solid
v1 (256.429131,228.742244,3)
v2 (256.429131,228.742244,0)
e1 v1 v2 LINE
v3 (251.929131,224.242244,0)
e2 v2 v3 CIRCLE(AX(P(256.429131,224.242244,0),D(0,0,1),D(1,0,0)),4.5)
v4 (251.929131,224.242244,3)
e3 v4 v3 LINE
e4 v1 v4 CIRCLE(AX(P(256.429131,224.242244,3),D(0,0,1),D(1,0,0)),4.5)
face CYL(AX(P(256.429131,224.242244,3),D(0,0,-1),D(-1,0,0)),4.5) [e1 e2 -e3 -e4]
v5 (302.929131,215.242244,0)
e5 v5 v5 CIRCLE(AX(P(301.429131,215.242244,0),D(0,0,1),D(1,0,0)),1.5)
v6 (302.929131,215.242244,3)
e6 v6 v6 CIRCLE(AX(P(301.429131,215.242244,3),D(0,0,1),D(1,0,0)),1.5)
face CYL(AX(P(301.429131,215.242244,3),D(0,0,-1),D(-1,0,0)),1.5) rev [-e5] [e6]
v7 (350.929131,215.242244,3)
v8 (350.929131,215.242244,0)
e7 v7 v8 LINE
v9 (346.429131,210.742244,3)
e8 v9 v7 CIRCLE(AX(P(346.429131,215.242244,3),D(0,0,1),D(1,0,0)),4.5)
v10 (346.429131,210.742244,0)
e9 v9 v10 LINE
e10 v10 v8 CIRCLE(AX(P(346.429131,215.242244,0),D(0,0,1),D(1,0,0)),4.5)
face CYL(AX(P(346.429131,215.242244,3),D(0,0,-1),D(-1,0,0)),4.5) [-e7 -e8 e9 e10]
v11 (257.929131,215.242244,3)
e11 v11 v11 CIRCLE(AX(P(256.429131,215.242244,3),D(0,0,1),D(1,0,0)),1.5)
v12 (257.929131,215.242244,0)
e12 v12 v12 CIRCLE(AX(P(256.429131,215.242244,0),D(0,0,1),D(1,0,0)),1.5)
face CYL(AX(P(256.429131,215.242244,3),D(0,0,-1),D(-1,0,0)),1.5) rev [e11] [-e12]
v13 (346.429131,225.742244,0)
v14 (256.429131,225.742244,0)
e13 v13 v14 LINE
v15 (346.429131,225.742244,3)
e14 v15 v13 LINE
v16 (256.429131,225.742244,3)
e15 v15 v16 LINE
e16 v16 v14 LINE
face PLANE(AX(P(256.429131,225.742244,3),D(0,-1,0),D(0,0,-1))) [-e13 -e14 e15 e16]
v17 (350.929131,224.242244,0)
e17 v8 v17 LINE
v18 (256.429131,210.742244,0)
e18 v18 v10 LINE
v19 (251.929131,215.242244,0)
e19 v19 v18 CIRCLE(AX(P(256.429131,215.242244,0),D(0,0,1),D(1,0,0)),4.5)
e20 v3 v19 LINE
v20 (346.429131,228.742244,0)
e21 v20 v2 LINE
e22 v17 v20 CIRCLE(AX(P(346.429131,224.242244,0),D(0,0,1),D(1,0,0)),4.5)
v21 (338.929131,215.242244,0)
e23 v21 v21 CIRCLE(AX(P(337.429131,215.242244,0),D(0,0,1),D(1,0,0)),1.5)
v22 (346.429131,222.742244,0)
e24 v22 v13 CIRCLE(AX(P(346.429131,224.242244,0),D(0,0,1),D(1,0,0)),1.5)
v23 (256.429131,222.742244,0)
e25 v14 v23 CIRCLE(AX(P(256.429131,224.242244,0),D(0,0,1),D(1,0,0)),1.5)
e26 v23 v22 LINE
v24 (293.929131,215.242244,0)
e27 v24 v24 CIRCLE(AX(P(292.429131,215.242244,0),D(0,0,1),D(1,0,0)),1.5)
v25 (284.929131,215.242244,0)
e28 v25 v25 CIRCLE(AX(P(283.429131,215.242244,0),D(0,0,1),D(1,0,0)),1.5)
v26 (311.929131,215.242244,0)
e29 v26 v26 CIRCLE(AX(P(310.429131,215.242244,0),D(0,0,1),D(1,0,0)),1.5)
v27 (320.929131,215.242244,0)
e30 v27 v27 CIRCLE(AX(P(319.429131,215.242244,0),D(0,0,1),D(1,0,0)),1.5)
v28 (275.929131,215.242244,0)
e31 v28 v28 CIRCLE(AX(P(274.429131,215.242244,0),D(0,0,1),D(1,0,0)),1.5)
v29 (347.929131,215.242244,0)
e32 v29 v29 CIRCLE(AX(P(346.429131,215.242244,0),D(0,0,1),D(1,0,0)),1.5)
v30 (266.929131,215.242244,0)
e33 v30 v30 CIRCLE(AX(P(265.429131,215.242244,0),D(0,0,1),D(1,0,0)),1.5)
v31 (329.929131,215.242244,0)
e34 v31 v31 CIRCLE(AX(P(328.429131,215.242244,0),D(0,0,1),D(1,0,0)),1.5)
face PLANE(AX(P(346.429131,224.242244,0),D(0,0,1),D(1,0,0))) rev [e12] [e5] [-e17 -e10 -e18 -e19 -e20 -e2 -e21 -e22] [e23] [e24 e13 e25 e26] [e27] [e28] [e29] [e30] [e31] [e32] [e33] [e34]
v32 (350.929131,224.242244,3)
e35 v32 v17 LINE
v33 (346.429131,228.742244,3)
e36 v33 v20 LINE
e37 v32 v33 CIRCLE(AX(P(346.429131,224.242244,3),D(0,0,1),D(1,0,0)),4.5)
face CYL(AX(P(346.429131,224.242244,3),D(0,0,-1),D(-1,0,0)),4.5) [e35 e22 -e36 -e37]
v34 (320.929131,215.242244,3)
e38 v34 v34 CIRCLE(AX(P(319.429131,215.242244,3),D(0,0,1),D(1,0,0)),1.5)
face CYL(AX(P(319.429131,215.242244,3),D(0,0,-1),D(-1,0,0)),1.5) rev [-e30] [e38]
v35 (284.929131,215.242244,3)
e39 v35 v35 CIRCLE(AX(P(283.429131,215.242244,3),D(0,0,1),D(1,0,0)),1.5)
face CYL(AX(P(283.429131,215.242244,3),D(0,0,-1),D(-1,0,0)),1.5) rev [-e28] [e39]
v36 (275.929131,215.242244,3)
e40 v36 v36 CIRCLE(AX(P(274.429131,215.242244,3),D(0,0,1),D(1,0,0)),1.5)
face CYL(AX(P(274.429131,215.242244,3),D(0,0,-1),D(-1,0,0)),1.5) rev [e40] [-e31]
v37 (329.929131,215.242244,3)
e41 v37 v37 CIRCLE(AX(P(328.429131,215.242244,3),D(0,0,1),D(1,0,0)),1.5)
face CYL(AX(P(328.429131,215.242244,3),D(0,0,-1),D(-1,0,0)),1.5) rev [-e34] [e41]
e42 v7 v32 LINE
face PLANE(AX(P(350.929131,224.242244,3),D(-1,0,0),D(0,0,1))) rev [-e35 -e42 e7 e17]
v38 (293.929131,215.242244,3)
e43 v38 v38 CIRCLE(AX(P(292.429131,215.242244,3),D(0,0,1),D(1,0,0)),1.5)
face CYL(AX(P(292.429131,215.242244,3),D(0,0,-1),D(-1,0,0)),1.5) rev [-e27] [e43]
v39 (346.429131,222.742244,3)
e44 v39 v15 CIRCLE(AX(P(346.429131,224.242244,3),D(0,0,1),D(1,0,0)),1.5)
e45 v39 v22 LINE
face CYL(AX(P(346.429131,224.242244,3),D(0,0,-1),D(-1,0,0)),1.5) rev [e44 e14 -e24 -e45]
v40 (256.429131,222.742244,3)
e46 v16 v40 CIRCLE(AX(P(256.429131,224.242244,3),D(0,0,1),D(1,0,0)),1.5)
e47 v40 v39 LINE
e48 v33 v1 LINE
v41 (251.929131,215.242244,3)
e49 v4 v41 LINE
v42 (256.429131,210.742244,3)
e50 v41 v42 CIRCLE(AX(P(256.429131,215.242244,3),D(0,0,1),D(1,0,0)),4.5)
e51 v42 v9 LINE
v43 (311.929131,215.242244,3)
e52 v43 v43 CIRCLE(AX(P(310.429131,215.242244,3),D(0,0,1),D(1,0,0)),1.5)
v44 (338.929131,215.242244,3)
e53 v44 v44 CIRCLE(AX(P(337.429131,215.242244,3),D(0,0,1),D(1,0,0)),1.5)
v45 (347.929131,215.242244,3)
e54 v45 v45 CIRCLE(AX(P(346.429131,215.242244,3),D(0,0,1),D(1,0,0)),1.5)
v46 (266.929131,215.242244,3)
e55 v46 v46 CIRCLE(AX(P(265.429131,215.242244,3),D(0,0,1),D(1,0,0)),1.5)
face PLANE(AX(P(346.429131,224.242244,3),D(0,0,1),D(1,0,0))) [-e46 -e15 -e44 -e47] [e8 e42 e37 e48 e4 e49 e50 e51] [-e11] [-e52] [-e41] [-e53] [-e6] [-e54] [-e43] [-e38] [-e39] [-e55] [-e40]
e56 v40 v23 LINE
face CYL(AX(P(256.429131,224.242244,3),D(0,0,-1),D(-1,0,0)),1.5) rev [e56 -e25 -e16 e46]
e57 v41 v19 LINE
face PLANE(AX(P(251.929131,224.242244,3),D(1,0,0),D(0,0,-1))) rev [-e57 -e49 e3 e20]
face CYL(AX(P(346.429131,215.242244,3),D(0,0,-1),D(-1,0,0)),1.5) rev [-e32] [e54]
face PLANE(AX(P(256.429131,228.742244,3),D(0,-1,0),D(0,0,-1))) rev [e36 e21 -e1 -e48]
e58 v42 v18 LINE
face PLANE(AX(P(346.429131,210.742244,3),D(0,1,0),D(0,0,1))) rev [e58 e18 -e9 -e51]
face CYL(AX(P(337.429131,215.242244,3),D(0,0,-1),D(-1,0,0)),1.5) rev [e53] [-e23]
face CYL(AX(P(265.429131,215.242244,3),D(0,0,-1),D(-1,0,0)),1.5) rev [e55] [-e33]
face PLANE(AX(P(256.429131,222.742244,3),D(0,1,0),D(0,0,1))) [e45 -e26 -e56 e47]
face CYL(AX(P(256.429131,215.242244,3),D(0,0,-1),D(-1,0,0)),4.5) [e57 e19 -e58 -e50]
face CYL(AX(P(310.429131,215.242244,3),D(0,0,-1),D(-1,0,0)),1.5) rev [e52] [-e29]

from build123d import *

# Parameters (mm, degrees)
MODEL_R                 = 1.5
SALIENTE_EXTRUIR1_DEPTH = 3


with BuildPart() as part:
    # Model → Saliente-Extruir1 (new body)
    with BuildSketch(Plane.XY):
        with BuildLine():
            Line((256.429131311, 228.742243614), (346.429131311, 228.742243614))
            ThreePointArc((346.429131311, 228.742243614), (349.611111826, 227.424224129), (350.929131311, 224.242243614))
            Line((350.929131311, 224.242243614), (350.929131311, 215.242243614))
            ThreePointArc((350.929131311, 215.242243614), (349.611111826, 212.060263099), (346.429131311, 210.742243614))
            Line((346.429131311, 210.742243614), (256.429131311, 210.742243614))
            ThreePointArc((256.429131311, 210.742243614), (253.247150795, 212.060263099), (251.929131311, 215.242243614))
            Line((251.929131311, 215.242243614), (251.929131311, 224.242243614))
            ThreePointArc((251.929131311, 224.242243614), (253.247150795, 227.424224129), (256.429131311, 228.742243614))
        make_face()
        with Locations((337.429131311, 215.242243614)):
            Circle(MODEL_R, mode=Mode.SUBTRACT)
        with Locations((319.429131311, 215.242243614)):
            Circle(MODEL_R, mode=Mode.SUBTRACT)
        with Locations((328.429131311, 215.242243614)):
            Circle(MODEL_R, mode=Mode.SUBTRACT)
        with Locations((310.429131311, 215.242243614)):
            Circle(MODEL_R, mode=Mode.SUBTRACT)
        with Locations((292.429131311, 215.242243614)):
            Circle(MODEL_R, mode=Mode.SUBTRACT)
        with Locations((301.429131311, 215.242243614)):
            Circle(MODEL_R, mode=Mode.SUBTRACT)
        with Locations((274.429131311, 215.242243614)):
            Circle(MODEL_R, mode=Mode.SUBTRACT)
        with Locations((283.429131311, 215.242243614)):
            Circle(MODEL_R, mode=Mode.SUBTRACT)
        with Locations((265.429131311, 215.242243614)):
            Circle(MODEL_R, mode=Mode.SUBTRACT)
        with Locations((256.429131311, 215.242243614)):
            Circle(MODEL_R, mode=Mode.SUBTRACT)
        with Locations((346.429131311, 215.242243614)):
            Circle(MODEL_R, mode=Mode.SUBTRACT)
        with BuildLine():
            Line((256.429131311, 225.742243614), (346.429131311, 225.742243614))
            ThreePointArc((346.429131311, 225.742243614), (347.929131311, 224.242243614), (346.429131311, 222.742243614))
            Line((346.429131311, 222.742243614), (256.429131311, 222.742243614))
            ThreePointArc((256.429131311, 222.742243614), (254.929131311, 224.242243614), (256.429131311, 225.742243614))
        make_face(mode=Mode.SUBTRACT)
    extrude(amount=SALIENTE_EXTRUIR1_DEPTH)


solid = part.part
